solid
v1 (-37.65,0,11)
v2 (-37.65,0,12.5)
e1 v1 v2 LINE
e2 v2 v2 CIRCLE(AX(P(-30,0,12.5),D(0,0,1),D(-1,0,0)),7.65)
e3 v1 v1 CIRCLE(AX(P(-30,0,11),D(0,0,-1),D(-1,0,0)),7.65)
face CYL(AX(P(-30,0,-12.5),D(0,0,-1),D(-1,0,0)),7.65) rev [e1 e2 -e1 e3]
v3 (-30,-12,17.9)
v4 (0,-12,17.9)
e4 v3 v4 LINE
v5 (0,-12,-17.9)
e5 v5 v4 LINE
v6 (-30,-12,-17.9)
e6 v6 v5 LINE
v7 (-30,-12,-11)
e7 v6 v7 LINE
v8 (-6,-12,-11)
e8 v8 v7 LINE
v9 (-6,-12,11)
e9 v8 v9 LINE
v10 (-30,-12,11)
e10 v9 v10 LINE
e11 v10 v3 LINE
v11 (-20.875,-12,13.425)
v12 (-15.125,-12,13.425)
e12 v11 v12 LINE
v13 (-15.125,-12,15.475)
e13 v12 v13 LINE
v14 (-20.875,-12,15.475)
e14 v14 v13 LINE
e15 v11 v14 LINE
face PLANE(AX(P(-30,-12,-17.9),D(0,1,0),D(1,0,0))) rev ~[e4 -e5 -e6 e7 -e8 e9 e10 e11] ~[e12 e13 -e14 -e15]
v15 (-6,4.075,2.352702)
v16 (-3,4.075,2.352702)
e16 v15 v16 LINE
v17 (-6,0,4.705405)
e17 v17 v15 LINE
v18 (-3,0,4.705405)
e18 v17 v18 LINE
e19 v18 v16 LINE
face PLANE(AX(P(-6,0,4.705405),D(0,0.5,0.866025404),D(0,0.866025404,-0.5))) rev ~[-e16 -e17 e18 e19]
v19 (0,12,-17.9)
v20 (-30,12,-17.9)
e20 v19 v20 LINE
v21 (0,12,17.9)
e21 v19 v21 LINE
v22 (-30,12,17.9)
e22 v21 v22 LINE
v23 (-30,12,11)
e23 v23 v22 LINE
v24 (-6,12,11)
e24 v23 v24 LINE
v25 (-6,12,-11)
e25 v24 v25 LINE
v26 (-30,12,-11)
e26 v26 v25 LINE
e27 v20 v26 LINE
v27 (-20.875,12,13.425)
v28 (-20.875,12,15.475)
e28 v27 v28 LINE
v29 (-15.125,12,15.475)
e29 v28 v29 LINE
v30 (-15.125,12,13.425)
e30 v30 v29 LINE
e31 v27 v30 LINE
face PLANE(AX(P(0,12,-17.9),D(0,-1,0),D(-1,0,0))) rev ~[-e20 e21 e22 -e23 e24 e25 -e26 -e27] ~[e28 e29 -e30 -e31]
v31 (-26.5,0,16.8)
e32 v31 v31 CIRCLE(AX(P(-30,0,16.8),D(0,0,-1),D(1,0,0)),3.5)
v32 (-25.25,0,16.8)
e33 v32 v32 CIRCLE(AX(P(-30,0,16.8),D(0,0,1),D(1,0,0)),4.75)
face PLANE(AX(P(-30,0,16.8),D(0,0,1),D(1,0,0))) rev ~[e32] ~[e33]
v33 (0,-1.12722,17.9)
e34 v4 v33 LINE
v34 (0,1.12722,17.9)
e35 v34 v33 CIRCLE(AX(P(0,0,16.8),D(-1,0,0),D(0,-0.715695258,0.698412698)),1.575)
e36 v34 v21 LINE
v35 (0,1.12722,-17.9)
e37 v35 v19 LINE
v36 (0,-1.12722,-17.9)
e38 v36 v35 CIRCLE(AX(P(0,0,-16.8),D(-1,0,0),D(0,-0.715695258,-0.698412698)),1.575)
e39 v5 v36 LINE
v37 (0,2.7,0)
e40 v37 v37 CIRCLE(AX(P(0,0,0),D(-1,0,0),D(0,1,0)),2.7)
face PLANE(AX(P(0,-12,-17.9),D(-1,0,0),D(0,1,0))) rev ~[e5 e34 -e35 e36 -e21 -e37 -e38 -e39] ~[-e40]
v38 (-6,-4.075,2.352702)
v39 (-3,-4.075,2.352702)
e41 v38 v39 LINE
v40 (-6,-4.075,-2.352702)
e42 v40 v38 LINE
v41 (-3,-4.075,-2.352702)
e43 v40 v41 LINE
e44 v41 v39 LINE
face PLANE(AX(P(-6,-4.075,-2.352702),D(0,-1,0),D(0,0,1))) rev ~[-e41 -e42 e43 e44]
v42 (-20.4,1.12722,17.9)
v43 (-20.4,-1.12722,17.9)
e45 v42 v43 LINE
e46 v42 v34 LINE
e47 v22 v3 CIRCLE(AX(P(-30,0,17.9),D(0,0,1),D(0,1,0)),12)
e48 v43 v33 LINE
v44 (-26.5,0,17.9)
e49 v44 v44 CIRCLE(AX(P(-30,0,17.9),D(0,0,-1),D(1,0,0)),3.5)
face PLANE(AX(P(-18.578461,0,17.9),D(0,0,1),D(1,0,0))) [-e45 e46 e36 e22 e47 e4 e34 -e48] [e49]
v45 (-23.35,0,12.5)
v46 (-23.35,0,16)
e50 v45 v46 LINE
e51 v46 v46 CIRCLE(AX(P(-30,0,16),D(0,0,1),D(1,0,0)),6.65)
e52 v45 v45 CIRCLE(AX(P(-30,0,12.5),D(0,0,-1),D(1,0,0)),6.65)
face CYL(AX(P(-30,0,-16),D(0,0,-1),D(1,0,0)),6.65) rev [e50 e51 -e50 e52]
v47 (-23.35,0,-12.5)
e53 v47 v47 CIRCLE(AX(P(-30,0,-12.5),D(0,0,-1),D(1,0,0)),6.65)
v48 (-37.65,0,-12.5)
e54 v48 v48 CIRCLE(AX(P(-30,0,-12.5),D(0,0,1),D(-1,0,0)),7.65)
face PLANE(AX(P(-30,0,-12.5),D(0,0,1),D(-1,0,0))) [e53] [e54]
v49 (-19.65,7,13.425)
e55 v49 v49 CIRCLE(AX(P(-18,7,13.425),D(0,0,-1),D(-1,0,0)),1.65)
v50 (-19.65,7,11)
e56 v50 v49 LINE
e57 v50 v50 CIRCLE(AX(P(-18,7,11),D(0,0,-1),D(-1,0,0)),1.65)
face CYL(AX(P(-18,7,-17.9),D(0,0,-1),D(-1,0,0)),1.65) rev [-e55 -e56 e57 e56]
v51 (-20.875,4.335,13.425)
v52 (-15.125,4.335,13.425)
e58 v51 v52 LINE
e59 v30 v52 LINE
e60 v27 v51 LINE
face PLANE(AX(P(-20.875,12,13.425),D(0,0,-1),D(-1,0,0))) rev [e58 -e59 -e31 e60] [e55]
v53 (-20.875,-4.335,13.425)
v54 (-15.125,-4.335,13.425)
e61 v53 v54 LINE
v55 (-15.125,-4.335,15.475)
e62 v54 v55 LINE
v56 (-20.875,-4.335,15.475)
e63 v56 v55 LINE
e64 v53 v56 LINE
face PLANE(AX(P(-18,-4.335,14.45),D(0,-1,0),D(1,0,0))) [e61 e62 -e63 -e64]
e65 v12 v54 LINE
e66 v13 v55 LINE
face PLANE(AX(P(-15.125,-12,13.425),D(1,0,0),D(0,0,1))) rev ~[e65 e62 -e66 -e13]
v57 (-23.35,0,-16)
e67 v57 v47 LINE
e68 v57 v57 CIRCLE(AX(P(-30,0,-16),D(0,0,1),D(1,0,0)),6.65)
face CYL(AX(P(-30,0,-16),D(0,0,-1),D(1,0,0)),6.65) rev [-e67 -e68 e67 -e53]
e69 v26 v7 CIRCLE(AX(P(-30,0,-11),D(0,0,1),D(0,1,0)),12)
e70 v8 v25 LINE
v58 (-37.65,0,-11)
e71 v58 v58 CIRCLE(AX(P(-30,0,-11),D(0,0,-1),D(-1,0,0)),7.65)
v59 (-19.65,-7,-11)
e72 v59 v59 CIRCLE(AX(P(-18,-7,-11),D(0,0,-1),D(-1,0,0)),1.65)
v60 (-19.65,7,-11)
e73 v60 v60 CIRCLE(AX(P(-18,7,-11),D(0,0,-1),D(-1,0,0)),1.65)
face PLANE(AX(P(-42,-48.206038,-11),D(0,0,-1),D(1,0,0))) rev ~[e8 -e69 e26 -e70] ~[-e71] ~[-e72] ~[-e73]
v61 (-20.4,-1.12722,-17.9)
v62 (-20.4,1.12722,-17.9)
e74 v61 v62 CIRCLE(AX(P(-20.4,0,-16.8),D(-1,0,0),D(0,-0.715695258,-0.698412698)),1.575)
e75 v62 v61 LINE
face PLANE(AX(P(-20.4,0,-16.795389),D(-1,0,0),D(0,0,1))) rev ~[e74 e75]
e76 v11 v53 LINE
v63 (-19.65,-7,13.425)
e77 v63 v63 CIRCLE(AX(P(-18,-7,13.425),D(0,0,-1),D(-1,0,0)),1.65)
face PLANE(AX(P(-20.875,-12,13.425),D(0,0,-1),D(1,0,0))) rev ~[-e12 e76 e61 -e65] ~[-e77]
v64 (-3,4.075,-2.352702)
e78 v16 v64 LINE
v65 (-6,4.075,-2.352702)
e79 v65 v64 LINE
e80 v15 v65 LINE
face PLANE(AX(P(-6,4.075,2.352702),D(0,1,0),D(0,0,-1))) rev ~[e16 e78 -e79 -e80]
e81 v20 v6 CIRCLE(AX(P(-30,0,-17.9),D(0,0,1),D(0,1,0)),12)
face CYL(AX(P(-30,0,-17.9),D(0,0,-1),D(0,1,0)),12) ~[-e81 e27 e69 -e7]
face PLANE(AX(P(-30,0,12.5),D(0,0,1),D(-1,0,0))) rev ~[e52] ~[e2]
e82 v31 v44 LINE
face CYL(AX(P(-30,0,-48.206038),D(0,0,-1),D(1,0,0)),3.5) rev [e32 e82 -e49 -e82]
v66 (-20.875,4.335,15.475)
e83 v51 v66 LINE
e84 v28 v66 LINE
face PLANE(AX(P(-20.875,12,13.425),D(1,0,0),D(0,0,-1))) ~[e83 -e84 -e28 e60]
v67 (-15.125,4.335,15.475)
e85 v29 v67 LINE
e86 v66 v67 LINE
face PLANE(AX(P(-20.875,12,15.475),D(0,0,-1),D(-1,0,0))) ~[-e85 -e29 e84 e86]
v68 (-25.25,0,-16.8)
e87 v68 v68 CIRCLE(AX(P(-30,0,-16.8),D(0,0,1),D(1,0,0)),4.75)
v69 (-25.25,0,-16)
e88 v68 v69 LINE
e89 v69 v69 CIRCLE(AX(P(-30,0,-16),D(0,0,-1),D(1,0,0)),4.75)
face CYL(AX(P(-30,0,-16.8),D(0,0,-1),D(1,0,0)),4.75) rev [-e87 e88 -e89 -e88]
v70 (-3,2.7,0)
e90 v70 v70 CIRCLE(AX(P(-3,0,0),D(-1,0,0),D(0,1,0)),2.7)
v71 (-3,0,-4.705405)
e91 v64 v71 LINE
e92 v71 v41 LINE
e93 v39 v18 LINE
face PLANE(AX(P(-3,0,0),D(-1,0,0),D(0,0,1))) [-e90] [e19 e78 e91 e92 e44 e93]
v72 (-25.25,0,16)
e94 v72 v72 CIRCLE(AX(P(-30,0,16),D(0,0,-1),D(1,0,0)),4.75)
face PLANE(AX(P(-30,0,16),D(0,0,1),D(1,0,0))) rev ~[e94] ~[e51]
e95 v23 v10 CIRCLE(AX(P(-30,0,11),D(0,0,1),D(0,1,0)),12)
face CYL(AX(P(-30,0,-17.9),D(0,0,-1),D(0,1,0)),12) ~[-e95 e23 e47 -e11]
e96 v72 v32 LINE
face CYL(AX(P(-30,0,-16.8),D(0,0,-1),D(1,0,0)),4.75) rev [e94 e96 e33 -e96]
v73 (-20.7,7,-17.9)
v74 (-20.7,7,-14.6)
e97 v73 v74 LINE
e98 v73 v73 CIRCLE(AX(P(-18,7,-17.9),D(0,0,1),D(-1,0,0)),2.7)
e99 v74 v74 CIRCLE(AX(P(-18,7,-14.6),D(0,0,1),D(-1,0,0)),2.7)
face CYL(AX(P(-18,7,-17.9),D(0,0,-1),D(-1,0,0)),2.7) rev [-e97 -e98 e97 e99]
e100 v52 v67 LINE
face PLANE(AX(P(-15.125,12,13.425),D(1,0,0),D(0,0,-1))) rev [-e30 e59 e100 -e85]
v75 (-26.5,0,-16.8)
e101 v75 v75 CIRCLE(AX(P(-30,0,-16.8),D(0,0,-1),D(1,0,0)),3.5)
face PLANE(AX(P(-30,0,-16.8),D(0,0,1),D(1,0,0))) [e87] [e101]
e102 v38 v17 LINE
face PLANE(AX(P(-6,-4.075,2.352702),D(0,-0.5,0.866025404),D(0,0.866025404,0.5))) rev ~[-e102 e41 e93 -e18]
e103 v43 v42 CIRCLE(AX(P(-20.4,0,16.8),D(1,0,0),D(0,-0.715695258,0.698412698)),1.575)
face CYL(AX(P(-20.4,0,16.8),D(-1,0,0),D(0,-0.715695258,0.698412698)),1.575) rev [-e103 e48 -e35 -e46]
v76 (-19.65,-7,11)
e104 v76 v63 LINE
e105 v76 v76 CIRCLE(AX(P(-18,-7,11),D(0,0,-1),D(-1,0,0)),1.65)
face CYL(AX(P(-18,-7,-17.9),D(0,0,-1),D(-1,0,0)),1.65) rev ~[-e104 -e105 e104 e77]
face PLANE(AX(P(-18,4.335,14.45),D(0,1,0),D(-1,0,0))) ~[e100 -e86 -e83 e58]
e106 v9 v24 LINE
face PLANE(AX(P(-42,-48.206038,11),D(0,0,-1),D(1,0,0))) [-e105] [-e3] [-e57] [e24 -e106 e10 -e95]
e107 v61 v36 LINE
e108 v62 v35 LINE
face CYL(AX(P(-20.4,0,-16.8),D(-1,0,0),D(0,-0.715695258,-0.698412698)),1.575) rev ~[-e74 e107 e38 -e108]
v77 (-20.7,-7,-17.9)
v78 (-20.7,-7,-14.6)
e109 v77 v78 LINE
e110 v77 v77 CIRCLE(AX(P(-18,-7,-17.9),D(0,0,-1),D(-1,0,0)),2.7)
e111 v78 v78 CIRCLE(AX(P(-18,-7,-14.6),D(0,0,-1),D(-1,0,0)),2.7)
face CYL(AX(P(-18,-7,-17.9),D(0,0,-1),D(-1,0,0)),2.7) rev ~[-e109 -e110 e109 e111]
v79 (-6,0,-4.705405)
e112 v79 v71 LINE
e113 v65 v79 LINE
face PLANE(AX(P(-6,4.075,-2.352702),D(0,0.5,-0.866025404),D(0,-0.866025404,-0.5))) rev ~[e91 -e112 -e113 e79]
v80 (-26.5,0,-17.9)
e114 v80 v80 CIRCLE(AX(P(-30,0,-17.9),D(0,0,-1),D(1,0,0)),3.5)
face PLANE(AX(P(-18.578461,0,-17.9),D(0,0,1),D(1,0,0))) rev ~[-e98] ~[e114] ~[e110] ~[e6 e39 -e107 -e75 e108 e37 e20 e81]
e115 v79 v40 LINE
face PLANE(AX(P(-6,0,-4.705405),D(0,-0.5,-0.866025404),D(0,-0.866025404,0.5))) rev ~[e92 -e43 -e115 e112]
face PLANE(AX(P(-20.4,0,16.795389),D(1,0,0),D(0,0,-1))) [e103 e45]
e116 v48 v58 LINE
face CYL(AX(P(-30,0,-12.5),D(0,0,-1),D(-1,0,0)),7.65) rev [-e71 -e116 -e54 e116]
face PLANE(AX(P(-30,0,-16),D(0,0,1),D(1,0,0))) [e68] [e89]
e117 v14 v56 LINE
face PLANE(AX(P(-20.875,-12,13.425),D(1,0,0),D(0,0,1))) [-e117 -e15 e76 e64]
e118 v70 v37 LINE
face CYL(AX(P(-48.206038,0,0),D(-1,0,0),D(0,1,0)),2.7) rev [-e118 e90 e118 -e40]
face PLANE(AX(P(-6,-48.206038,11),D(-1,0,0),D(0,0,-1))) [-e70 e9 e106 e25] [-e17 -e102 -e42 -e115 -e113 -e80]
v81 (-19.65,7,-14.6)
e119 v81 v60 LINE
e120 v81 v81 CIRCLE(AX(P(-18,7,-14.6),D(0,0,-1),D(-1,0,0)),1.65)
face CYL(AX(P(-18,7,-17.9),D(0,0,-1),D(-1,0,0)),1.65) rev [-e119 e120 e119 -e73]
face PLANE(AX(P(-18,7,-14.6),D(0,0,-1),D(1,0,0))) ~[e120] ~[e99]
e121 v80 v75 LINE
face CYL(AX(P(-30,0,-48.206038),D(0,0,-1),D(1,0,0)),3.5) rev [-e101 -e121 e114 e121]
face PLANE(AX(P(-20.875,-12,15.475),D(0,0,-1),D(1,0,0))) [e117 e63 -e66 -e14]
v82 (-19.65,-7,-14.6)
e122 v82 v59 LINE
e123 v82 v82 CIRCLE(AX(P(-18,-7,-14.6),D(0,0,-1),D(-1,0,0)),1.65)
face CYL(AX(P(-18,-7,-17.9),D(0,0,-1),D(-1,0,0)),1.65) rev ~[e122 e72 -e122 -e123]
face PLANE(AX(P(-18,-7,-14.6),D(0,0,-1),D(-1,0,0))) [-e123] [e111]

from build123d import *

# Parameters (mm, degrees)
BOSS_EXTRUDE1_DEPTH      = 17.9
BOSS_EXTRUDE1_DEPTH_BACK = 17.9
CUT_EXTRUDE1_DEPTH       = 48.206037749
CUT_EXTRUDE1_DEPTH_BACK  = 48.206037749
SKETCH3_W                = 36
SKETCH3_H                = 22
CUT_EXTRUDE2_DEPTH       = 12.5
CUT_EXTRUDE2_DEPTH_BACK  = 12.5
SKETCH4_R                = 7.65
CUT_EXTRUDE3_DEPTH       = 16
CUT_EXTRUDE3_DEPTH_BACK  = 16
SKETCH5_R                = 6.65
CUT_EXTRUDE4_DEPTH       = 16.8
CUT_EXTRUDE4_DEPTH_BACK  = 16.8
SKETCH6_R                = 4.75
CUT_EXTRUDE5_DEPTH       = 48.206037749
CUT_EXTRUDE5_DEPTH_BACK  = 48.206037749
SKETCH7_R                = 3.5
CUT_EXTRUDE6_DEPTH       = 48.206037749
CUT_EXTRUDE6_DEPTH_BACK  = 20.4
CUT_EXTRUDE7_DEPTH       = 48.206037749
CUT_EXTRUDE7_DEPTH_BACK  = 48.206037749
SKETCH11_R               = 2.7
CUT_EXTRUDE8_DEPTH       = 3
SKETCH14_R               = 1.65
CUT_EXTRUDE10_DEPTH      = 33.3
SKETCH15_R               = 2.7
CUT_EXTRUDE11_DEPTH      = 3.3
SKETCH16_W               = 5.75
SKETCH16_H               = 2.05
CUT_EXTRUDE12_DEPTH      = 7.665


with BuildPart() as part:
    # Sketch2 → Boss-Extrude1 (new, two sides: drawn at the far end of the back side and taken through both)
    with BuildSketch(Plane.XY.offset(-BOSS_EXTRUDE1_DEPTH_BACK)):
        with BuildLine():
            Line((-30, -12), (0, -12))
            Line((0, -12), (0, 12))
            Line((0, 12), (-30, 12))
            ThreePointArc((-30, 12), (-42, 0), (-30, -12))
        make_face()
    extrude(amount=BOSS_EXTRUDE1_DEPTH + BOSS_EXTRUDE1_DEPTH_BACK)

    # Sketch3 → Cut-Extrude1 (cut, two sides: drawn at the far end of the back side and taken through both)
    with BuildSketch(Plane(origin=(0, 0, 0), x_dir=(1, 0, 0), z_dir=(0, 1, 0)).offset(-CUT_EXTRUDE1_DEPTH_BACK)):
        with Locations((-24, 0)):
            Rectangle(SKETCH3_W, SKETCH3_H)
    extrude(amount=CUT_EXTRUDE1_DEPTH + CUT_EXTRUDE1_DEPTH_BACK, mode=Mode.SUBTRACT)

    # Sketch4 → Cut-Extrude2 (cut, two sides: drawn at the far end of the back side and taken through both)
    with BuildSketch(Plane.XY.offset(-CUT_EXTRUDE2_DEPTH_BACK)):
        with Locations((-30, 0)):
            Circle(SKETCH4_R)
    extrude(amount=CUT_EXTRUDE2_DEPTH + CUT_EXTRUDE2_DEPTH_BACK, mode=Mode.SUBTRACT)

    # Sketch5 → Cut-Extrude3 (cut, two sides: drawn at the far end of the back side and taken through both)
    with BuildSketch(Plane.XY.offset(-CUT_EXTRUDE3_DEPTH_BACK)):
        with Locations((-30, 0)):
            Circle(SKETCH5_R)
    extrude(amount=CUT_EXTRUDE3_DEPTH + CUT_EXTRUDE3_DEPTH_BACK, mode=Mode.SUBTRACT)

    # Sketch6 → Cut-Extrude4 (cut, two sides: drawn at the far end of the back side and taken through both)
    with BuildSketch(Plane.XY.offset(-CUT_EXTRUDE4_DEPTH_BACK)):
        with Locations((-30, 0)):
            Circle(SKETCH6_R)
    extrude(amount=CUT_EXTRUDE4_DEPTH + CUT_EXTRUDE4_DEPTH_BACK, mode=Mode.SUBTRACT)

    # Sketch7 → Cut-Extrude5 (cut, two sides: drawn at the far end of the back side and taken through both)
    with BuildSketch(Plane.XY.offset(-CUT_EXTRUDE5_DEPTH_BACK)):
        with Locations((-30, 0)):
            Circle(SKETCH7_R)
    extrude(amount=CUT_EXTRUDE5_DEPTH + CUT_EXTRUDE5_DEPTH_BACK, mode=Mode.SUBTRACT)

    # Sketch10 → Cut-Extrude6 (cut, two sides: drawn at the far end of the back side and taken through both)
    with BuildSketch(Plane(origin=(0, 0, 0), x_dir=(0, 0, -1), z_dir=(1, 0, 0)).offset(-CUT_EXTRUDE6_DEPTH_BACK)):
        with BuildLine():
            Line((-17.9, 1.127220032), (-17.9, -1.127220032))
            ThreePointArc((-17.9, -1.127220032), (-15.225, 0), (-17.9, 1.127220032))
        make_face()
        with BuildLine():
            Line((17.9, 1.127220032), (17.9, -1.127220032))
            ThreePointArc((17.9, -1.127220032), (15.225, 0), (17.9, 1.127220032))
        make_face()
    extrude(amount=CUT_EXTRUDE6_DEPTH + CUT_EXTRUDE6_DEPTH_BACK, mode=Mode.SUBTRACT)

    # Sketch11 → Cut-Extrude7 (cut, two sides: drawn at the far end of the back side and taken through both)
    with BuildSketch(Plane(origin=(0, 0, 0), x_dir=(0, 0, -1), z_dir=(1, 0, 0)).offset(-CUT_EXTRUDE7_DEPTH_BACK)):
        Circle(SKETCH11_R)
    extrude(amount=CUT_EXTRUDE7_DEPTH + CUT_EXTRUDE7_DEPTH_BACK, mode=Mode.SUBTRACT)

    # Sketch12 → Cut-Extrude8 (cut)
    with BuildSketch(Plane.ZY.offset(6)):
        Polygon((-4.705404694, 0), (-2.352702347, -4.075), (2.352702347, -4.075), (4.705404694, 0), (2.352702347, 4.075), (-2.352702347, 4.075), align=None)
    extrude(amount=-CUT_EXTRUDE8_DEPTH, mode=Mode.SUBTRACT)

    # Sketch14 → Cut-Extrude10 (cut)
    with BuildSketch(Plane(origin=(0, 0, -17.9), x_dir=(-1, 0, 0), z_dir=(0, 0, -1))):
        with Locations((18, -7)):
            Circle(SKETCH14_R)
    cut_extrude10 = extrude(amount=-CUT_EXTRUDE10_DEPTH, mode=Mode.SUBTRACT)

    # Sketch15 → Cut-Extrude11 (cut)
    with BuildSketch(Plane(origin=(0, 0, -17.9), x_dir=(-1, 0, 0), z_dir=(0, 0, -1))):
        with Locations((18, -7)):
            Circle(SKETCH15_R)
    cut_extrude11 = extrude(amount=-CUT_EXTRUDE11_DEPTH, mode=Mode.SUBTRACT)

    # Sketch16 → Cut-Extrude12 (cut)
    with BuildSketch(Plane.XZ.offset(12)):
        with Locations((-18, 14.45)):
            Rectangle(SKETCH16_W, SKETCH16_H)
    cut_extrude12 = extrude(amount=-CUT_EXTRUDE12_DEPTH, mode=Mode.SUBTRACT)

    # Mirror1: Cut-Extrude10, Cut-Extrude11, Cut-Extrude12 across plane
    add(cut_extrude10.mirror(Plane.ZX), mode=Mode.SUBTRACT)
    add(cut_extrude11.mirror(Plane.ZX), mode=Mode.SUBTRACT)
    add(cut_extrude12.mirror(Plane.ZX), mode=Mode.SUBTRACT)


solid = part.part
